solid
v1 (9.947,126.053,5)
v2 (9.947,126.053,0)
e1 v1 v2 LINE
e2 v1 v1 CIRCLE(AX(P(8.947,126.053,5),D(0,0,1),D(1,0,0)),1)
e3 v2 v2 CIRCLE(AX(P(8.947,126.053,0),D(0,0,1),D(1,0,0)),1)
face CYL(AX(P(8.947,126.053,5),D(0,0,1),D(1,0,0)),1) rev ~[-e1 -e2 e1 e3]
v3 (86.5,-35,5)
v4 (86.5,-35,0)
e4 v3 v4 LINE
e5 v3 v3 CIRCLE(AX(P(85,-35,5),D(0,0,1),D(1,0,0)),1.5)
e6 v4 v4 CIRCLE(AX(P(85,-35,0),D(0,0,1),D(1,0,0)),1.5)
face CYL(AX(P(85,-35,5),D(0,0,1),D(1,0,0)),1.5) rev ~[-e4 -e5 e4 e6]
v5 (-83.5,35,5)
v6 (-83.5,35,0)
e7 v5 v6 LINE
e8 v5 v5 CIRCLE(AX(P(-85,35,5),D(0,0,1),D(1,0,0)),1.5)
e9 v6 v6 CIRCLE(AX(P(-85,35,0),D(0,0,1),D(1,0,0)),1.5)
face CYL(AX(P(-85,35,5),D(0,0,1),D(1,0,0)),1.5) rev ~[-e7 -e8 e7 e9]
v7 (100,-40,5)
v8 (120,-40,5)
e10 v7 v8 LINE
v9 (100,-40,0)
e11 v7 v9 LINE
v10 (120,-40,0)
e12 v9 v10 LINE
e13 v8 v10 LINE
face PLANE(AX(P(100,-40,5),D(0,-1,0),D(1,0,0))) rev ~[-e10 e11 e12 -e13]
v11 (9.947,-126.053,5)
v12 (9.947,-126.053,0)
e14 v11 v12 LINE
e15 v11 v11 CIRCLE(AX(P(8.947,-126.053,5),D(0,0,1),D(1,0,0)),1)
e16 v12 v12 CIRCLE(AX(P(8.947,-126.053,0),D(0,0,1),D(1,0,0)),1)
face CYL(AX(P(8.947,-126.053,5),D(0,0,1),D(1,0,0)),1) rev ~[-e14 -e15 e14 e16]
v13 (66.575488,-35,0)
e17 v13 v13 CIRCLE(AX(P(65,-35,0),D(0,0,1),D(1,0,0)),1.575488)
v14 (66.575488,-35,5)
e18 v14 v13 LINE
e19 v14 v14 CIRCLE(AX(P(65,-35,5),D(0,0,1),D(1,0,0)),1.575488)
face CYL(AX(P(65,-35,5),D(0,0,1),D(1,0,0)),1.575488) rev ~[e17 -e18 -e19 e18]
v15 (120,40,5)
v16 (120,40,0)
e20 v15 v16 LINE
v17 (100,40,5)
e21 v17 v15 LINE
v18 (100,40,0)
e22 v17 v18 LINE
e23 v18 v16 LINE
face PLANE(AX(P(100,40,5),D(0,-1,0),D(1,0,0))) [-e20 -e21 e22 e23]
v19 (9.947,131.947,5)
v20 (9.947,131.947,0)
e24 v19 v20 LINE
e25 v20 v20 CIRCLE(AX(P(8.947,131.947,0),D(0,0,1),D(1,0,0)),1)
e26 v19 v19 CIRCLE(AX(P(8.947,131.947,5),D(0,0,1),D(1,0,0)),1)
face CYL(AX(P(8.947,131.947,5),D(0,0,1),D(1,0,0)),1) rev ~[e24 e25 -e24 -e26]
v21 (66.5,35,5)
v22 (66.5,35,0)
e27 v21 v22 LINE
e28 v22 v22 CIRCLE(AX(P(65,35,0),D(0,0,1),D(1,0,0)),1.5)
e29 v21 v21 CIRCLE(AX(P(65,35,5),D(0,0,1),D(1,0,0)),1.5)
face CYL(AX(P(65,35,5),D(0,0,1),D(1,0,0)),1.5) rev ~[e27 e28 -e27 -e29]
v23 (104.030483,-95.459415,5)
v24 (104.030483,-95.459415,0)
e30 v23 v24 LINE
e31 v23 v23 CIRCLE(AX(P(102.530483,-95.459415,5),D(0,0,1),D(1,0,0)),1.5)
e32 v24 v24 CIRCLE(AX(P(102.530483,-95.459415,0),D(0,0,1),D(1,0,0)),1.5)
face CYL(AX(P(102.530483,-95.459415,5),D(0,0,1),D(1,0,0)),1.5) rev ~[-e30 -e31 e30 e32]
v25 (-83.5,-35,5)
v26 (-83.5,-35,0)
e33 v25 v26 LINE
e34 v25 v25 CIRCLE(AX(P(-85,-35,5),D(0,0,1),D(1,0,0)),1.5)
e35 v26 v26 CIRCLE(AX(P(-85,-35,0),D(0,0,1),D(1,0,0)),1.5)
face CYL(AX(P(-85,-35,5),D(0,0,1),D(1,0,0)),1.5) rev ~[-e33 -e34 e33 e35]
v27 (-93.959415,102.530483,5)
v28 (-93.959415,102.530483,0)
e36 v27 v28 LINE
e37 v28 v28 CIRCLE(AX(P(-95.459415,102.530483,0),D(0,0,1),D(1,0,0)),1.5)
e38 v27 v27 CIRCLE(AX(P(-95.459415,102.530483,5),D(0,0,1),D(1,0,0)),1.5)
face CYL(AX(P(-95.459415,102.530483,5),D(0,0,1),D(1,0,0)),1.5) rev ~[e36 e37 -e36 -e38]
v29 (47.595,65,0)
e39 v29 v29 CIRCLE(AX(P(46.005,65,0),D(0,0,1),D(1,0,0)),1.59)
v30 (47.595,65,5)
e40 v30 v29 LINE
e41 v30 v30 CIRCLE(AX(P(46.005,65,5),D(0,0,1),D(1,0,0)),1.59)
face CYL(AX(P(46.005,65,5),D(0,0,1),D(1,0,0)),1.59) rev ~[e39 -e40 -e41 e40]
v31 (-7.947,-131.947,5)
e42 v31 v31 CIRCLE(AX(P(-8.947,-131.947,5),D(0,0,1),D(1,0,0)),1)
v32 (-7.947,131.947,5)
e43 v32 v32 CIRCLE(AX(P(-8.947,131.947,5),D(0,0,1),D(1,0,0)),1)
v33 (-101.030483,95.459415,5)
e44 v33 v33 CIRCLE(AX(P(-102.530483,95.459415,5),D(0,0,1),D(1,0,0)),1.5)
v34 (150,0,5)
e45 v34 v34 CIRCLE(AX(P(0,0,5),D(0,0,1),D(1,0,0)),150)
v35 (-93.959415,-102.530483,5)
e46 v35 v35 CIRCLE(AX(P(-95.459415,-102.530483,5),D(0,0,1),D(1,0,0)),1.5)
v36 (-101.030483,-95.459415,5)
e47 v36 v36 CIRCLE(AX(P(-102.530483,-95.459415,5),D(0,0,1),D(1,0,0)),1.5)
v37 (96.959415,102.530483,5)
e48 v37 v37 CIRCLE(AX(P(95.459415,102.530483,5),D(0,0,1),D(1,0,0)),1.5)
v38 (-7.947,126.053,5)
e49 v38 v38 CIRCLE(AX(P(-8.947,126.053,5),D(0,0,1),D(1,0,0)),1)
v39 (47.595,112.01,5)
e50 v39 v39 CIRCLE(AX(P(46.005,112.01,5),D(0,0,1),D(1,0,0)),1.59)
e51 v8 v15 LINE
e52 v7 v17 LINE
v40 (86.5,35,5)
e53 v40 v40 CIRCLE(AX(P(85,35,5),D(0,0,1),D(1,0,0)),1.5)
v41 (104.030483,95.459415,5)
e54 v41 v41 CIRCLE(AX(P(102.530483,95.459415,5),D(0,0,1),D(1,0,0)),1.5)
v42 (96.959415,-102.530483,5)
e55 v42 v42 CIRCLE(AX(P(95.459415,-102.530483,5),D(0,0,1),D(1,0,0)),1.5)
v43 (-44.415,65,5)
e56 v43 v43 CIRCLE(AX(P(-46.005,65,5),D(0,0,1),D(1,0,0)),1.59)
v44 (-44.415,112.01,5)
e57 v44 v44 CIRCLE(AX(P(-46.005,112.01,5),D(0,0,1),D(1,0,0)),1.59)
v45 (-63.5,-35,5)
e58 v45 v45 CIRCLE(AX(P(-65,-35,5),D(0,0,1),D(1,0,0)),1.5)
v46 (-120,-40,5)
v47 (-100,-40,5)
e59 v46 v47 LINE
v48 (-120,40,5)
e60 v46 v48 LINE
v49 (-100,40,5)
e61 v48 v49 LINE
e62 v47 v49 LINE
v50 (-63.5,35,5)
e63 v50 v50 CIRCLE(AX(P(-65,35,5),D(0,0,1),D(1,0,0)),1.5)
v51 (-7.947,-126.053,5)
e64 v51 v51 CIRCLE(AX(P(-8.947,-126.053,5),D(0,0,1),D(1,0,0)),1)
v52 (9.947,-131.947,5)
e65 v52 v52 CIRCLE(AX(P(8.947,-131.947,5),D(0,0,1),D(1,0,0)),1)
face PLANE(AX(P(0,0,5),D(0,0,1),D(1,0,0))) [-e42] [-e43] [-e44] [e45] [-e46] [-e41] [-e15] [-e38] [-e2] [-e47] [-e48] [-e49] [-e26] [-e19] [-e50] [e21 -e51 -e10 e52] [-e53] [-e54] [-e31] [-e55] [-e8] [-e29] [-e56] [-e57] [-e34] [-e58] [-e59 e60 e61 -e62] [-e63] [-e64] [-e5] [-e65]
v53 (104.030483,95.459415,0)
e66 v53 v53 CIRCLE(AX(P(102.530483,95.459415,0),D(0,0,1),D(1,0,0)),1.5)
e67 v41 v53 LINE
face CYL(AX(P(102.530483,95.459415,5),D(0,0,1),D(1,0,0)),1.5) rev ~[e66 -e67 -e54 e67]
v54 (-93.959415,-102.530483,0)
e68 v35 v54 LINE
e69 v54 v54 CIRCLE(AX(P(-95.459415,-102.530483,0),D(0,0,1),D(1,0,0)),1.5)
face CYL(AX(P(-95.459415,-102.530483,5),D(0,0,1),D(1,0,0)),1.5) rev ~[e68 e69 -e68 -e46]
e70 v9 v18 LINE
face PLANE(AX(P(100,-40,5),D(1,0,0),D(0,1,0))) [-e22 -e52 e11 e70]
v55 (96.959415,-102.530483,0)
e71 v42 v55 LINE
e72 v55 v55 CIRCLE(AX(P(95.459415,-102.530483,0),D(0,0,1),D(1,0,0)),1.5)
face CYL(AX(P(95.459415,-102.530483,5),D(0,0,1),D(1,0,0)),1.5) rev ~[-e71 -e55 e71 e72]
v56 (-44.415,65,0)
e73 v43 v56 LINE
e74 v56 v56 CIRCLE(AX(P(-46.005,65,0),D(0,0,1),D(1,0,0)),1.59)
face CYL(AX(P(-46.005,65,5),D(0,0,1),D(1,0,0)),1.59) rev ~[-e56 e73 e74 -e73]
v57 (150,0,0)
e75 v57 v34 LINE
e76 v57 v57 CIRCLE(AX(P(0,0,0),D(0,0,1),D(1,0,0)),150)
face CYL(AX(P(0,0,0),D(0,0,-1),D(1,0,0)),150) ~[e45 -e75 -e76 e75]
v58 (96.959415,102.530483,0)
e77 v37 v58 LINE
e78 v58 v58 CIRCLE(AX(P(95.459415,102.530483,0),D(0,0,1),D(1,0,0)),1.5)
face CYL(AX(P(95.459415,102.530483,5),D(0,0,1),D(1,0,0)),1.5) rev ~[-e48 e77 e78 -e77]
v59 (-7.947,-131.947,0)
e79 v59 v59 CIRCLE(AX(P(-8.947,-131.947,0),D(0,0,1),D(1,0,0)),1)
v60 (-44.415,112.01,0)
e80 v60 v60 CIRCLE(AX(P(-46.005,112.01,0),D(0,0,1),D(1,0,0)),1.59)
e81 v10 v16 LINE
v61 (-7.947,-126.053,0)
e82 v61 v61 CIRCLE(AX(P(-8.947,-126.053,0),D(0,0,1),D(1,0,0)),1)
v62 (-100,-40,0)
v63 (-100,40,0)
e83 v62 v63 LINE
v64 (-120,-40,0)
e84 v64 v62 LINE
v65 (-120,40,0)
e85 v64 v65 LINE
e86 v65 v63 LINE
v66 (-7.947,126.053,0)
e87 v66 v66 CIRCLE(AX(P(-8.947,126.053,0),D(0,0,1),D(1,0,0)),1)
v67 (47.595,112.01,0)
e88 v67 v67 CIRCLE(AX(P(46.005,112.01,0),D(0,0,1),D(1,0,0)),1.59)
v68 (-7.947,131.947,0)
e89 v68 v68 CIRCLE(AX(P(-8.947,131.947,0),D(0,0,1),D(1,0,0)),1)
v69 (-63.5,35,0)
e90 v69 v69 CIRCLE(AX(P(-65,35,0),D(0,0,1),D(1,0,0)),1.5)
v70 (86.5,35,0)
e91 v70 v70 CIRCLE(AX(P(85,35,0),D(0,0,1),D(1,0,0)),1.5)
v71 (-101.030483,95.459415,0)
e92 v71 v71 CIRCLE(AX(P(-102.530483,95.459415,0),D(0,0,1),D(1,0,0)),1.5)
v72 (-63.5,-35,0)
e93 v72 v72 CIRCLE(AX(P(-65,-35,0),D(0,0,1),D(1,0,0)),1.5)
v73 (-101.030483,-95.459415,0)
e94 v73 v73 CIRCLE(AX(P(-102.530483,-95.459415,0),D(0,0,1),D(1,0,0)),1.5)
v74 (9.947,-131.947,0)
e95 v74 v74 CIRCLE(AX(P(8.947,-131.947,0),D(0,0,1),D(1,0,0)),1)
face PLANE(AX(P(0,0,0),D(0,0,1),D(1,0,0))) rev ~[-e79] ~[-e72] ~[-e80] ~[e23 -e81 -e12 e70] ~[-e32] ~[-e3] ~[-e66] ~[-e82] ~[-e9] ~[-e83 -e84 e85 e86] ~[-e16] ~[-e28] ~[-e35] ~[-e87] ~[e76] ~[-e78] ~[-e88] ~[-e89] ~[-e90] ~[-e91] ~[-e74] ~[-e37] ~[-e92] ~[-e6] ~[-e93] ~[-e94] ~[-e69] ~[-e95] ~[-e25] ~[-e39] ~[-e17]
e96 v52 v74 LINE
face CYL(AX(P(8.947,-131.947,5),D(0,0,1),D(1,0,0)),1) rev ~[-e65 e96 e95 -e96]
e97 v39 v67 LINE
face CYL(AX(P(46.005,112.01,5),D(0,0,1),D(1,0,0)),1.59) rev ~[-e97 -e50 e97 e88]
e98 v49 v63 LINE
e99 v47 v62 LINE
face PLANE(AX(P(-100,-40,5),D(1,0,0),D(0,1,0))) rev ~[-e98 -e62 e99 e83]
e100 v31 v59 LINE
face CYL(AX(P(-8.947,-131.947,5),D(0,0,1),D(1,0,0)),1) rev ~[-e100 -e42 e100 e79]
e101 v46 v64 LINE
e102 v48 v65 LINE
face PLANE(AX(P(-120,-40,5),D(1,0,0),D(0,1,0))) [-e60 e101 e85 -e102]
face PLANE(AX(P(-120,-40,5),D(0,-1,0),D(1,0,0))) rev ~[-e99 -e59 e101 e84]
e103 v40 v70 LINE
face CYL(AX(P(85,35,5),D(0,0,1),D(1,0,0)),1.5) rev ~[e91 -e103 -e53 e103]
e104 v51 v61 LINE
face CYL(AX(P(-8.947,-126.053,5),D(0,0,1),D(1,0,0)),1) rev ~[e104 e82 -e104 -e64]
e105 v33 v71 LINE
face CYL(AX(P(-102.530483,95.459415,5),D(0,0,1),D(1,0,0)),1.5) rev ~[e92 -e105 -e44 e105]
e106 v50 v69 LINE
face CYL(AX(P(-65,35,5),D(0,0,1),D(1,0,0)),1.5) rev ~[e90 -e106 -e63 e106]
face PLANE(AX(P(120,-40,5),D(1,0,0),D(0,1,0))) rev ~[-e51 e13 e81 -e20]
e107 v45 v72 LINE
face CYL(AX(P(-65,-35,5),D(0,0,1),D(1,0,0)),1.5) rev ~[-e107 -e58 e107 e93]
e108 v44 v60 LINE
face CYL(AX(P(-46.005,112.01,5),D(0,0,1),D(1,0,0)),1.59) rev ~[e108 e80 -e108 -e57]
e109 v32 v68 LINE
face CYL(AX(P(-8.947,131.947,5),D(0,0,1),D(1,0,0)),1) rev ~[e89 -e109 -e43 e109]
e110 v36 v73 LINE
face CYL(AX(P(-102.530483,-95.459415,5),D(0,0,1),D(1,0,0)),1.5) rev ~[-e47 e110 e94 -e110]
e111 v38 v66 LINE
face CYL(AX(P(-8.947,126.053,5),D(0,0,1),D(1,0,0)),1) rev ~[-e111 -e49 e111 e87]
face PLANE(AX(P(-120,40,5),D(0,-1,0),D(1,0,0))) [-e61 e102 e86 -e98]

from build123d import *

# Parameters (mm, degrees)
ESQUISSE1_R                         = 150
BASE_CIRCULAIRE_DEPTH               = 5
ESQUISSE2_W                         = 20
ESQUISSE2_H                         = 80
EMPLACEMENT_ROUES_DEPTH             = 6
ESQUISSE3_R                         = 1.5
ESQUISSE3_R_2                       = 1.575487657
TROUS_FIXATION_MORS_DEPTH           = 6
ESQUISSE4_R                         = 1.5
TROUS_FIXATION_PAROIS_DEPTH         = 6
ESQUISSE5_R                         = 1
TROUS_FIXATION_ROUES_FOLLES_DEPTH   = 6
ESQUISSE6_R                         = 1.59
TROUS_FIXATION_CARTE_OPEN_UPS_DEPTH = 6


with BuildPart() as part:
    # Esquisse1 → base_circulaire (new body)
    with BuildSketch(Plane.XY):
        Circle(ESQUISSE1_R)
    extrude(amount=BASE_CIRCULAIRE_DEPTH)

    # Esquisse2 → emplacement_roues (cut, through all)
    with BuildSketch(Plane.XY.offset(5)):
        with Locations((-110, 0)):
            Rectangle(ESQUISSE2_W, ESQUISSE2_H)
        with Locations((110, 0)):
            Rectangle(ESQUISSE2_W, ESQUISSE2_H)
    extrude(amount=-EMPLACEMENT_ROUES_DEPTH, mode=Mode.SUBTRACT)

    # Esquisse3 → trous_fixation_mors (cut, through all)
    with BuildSketch(Plane.XY.offset(5)):
        with Locations((-85, 35)):
            Circle(ESQUISSE3_R)
        with Locations((-85, -35)):
            Circle(ESQUISSE3_R)
        with Locations((85, 35)):
            Circle(ESQUISSE3_R)
        with Locations((85, -35)):
            Circle(ESQUISSE3_R)
        with Locations((65, -35)):
            Circle(ESQUISSE3_R_2)
        with Locations((65, 35)):
            Circle(ESQUISSE3_R)
        with Locations((-65, -35)):
            Circle(ESQUISSE3_R)
        with Locations((-65, 35)):
            Circle(ESQUISSE3_R)
    extrude(amount=-TROUS_FIXATION_MORS_DEPTH, mode=Mode.SUBTRACT)

    # Esquisse4 → trous fixation parois (cut, through all)
    with BuildSketch(Plane.XY.offset(5)):
        with Locations((-102.530483272, 95.45941546)):
            Circle(ESQUISSE4_R)
        with Locations((-95.45941546, 102.530483272)):
            Circle(ESQUISSE4_R)
        with Locations((95.45941546, 102.530483272)):
            Circle(ESQUISSE4_R)
        with Locations((102.530483272, 95.45941546)):
            Circle(ESQUISSE4_R)
        with Locations((102.530483272, -95.45941546)):
            Circle(ESQUISSE4_R)
        with Locations((95.45941546, -102.530483272)):
            Circle(ESQUISSE4_R)
        with Locations((-95.45941546, -102.530483272)):
            Circle(ESQUISSE4_R)
        with Locations((-102.530483272, -95.45941546)):
            Circle(ESQUISSE4_R)
    extrude(amount=-TROUS_FIXATION_PAROIS_DEPTH, mode=Mode.SUBTRACT)

    # Esquisse5 → trous fixation roues folles (cut, through all)
    with BuildSketch(Plane.XY.offset(5)):
        with Locations((8.947, 126.053)):
            Circle(ESQUISSE5_R)
        with Locations((8.947, 131.947)):
            Circle(ESQUISSE5_R)
        with Locations((-8.947, 126.053)):
            Circle(ESQUISSE5_R)
        with Locations((-8.947, 131.947)):
            Circle(ESQUISSE5_R)
        with Locations((8.947, -131.947)):
            Circle(ESQUISSE5_R)
        with Locations((-8.947, -131.947)):
            Circle(ESQUISSE5_R)
        with Locations((8.947, -126.053)):
            Circle(ESQUISSE5_R)
        with Locations((-8.947, -126.053)):
            Circle(ESQUISSE5_R)
    extrude(amount=-TROUS_FIXATION_ROUES_FOLLES_DEPTH, mode=Mode.SUBTRACT)

    # Esquisse6 → trous fixation carte open UPS (cut, through all)
    with BuildSketch(Plane.XY.offset(5)):
        with Locations((46.005, 65)):
            Circle(ESQUISSE6_R)
        with Locations((46.005, 112.01)):
            Circle(ESQUISSE6_R)
        with Locations((-46.005, 65)):
            Circle(ESQUISSE6_R)
        with Locations((-46.005, 112.01)):
            Circle(ESQUISSE6_R)
    extrude(amount=-TROUS_FIXATION_CARTE_OPEN_UPS_DEPTH, mode=Mode.SUBTRACT)


solid = part.part
